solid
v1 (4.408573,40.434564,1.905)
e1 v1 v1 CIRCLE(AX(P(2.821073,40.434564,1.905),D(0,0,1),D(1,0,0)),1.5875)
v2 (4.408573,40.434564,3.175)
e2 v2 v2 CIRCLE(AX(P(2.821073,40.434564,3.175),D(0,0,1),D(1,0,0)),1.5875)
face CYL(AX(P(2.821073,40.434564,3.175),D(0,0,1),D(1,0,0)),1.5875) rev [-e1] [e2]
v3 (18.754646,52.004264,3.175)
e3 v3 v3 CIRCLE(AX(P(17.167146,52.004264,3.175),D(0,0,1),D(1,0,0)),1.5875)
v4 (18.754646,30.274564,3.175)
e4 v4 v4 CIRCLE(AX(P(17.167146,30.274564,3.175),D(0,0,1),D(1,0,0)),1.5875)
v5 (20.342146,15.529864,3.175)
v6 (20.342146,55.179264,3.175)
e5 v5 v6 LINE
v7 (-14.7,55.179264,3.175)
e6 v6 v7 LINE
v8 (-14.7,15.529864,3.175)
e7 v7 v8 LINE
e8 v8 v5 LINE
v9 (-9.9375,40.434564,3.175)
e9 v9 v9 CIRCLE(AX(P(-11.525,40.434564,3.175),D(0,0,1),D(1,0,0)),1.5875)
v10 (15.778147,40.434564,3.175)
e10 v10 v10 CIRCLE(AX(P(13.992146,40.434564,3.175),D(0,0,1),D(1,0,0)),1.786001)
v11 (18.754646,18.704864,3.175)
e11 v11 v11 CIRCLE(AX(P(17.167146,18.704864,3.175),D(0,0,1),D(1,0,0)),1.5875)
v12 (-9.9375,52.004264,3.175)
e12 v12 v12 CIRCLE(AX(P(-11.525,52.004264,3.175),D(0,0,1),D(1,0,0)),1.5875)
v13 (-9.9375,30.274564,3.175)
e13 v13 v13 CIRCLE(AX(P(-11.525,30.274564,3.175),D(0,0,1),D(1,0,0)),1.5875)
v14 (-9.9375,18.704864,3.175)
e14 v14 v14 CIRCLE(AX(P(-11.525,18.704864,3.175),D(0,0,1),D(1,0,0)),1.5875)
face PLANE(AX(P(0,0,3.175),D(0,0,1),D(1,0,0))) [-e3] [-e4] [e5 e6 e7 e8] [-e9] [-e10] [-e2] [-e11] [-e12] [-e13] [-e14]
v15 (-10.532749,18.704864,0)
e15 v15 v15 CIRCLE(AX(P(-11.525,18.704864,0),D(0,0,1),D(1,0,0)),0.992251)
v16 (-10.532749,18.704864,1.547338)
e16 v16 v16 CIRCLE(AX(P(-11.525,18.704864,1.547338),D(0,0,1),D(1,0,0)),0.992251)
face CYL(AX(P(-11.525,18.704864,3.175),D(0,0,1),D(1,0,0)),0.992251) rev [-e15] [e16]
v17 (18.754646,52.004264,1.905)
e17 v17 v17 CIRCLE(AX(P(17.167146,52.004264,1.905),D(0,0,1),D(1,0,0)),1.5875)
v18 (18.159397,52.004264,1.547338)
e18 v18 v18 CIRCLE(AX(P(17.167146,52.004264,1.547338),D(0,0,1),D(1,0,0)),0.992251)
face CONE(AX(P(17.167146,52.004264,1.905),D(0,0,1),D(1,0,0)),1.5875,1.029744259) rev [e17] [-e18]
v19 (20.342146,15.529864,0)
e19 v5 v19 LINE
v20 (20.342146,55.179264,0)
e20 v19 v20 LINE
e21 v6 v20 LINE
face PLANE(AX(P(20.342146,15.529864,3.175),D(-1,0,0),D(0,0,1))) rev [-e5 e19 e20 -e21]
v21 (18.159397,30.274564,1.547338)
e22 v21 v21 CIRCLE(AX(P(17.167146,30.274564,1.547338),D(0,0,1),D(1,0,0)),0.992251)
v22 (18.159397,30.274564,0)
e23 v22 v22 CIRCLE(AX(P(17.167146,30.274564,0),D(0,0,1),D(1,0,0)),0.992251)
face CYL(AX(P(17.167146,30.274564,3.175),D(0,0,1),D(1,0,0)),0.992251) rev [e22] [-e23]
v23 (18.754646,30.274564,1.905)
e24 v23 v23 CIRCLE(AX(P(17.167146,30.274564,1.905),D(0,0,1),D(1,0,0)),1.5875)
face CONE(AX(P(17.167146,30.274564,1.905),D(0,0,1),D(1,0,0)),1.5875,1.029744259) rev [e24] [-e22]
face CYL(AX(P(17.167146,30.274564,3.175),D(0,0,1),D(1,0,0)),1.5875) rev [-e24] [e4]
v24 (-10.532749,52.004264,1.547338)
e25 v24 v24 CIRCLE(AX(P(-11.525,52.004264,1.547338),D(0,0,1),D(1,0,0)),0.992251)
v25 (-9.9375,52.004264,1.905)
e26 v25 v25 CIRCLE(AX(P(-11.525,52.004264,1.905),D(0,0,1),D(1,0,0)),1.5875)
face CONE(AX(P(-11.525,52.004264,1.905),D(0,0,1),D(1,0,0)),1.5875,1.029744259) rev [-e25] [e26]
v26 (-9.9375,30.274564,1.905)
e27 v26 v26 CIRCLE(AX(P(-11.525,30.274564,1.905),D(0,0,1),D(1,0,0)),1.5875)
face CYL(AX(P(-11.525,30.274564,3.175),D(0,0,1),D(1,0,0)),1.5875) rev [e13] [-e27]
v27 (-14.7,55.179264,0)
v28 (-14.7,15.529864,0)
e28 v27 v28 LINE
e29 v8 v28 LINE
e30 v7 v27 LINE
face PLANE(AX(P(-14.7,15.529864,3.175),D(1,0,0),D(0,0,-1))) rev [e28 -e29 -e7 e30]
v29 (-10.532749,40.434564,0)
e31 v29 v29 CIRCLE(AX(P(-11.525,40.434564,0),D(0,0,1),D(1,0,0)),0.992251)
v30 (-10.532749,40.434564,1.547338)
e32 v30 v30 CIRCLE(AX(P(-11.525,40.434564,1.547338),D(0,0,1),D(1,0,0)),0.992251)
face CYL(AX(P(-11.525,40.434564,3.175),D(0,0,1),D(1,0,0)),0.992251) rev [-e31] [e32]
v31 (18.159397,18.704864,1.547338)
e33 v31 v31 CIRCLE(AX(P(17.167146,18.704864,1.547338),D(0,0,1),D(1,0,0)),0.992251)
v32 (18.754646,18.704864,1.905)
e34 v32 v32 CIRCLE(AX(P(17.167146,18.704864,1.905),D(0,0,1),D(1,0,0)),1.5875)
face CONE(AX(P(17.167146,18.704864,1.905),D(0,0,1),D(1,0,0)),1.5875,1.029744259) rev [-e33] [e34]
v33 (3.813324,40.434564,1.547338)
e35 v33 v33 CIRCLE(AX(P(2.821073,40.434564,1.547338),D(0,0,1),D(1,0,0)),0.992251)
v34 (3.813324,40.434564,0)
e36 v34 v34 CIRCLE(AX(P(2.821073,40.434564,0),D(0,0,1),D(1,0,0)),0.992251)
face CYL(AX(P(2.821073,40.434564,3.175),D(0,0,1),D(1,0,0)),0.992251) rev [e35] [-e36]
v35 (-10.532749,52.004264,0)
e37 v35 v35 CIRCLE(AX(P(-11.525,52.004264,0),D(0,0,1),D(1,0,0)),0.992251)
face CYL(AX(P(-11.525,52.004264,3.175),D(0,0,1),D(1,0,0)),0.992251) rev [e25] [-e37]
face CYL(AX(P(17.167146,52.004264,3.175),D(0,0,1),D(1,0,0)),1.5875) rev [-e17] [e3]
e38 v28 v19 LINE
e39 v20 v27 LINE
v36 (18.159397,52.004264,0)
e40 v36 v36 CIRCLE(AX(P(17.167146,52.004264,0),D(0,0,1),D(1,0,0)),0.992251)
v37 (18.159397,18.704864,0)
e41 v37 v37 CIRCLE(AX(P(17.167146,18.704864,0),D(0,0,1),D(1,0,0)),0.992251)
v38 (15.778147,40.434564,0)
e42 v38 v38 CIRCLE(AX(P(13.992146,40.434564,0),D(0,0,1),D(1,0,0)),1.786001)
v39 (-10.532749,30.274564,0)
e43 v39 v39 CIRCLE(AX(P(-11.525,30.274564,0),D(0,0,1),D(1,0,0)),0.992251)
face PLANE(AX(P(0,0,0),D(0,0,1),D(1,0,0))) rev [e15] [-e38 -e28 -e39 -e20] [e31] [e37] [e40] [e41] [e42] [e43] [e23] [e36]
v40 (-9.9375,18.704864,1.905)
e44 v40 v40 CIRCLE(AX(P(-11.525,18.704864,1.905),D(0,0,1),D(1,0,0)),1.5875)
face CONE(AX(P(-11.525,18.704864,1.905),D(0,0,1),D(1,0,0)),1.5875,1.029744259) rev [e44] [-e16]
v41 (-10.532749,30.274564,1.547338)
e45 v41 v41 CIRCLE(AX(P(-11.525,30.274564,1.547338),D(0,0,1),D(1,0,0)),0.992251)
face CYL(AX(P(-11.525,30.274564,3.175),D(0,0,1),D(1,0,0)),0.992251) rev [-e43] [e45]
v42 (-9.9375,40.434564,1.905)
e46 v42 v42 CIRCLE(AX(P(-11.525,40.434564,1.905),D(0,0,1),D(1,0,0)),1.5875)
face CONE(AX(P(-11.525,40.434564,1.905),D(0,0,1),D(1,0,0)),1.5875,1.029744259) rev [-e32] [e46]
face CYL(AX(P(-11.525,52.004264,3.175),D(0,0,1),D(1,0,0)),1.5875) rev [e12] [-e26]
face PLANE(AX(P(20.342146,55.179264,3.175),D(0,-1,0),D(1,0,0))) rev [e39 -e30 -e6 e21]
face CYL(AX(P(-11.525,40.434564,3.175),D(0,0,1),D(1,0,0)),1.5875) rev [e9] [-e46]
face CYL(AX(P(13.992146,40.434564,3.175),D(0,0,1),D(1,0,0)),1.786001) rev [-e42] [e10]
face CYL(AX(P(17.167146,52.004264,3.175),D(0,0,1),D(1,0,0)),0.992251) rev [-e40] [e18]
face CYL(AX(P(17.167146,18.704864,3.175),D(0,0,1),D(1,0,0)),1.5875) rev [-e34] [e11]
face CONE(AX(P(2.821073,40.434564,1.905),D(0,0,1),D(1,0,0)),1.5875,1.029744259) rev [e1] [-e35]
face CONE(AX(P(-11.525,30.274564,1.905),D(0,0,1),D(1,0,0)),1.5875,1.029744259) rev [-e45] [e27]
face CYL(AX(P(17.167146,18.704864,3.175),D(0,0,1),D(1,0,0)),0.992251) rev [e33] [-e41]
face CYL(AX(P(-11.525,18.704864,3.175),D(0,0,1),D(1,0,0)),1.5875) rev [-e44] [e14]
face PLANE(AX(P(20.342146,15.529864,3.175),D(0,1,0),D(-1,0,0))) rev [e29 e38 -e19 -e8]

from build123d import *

# Parameters (mm, degrees)
SKETCH1_W                        = 35.042145822
SKETCH1_H                        = 39.6494
BOSS_EXTRUDE1_DEPTH              = 3.175
F_9_64_0_14063_DIAMETER_HOLE1_D  = 3.572002
F_5_64_0_07813_DIAMETER_HOLE1_D  = 1.984502
F_1_8_0_125_DIAMETER_HOLE1_D     = 3.175
F_1_8_0_125_DIAMETER_HOLE1_DEPTH = 1.27
F_1_8_0_125_DIAMETER_HOLE1_TIP   = 0.953866233


with BuildPart() as part:
    # Sketch1 → Boss-Extrude1 (new body)
    with BuildSketch(Plane.XY):
        with Locations((2.821072911, 35.354563982)):
            Rectangle(SKETCH1_W, SKETCH1_H)
    extrude(amount=BOSS_EXTRUDE1_DEPTH)

    # 9/64 (0.14063) Diameter Hole1 (through all)
    with Locations(Plane.XY.offset(3.175)):
        with Locations((13.992145822, 40.434563982)):
            Hole(F_9_64_0_14063_DIAMETER_HOLE1_D / 2)

    # 5/64 (0.07813) Diameter Hole1 (through all)
    with Locations(Plane.XY.offset(3.175)):
        with Locations((-11.525, 40.434563982), (-11.525, 52.004263982), (17.167145822, 52.004263982), (2.821072911, 40.434563982), (-11.525, 30.274563982), (-11.525, 18.704863982), (17.167145822, 18.704863982), (17.167145822, 30.274563982)):
            Hole(F_5_64_0_07813_DIAMETER_HOLE1_D / 2)

    # 1/8 (0.125) Diameter Hole1
    with Locations(Plane.XY.offset(3.175)):
        with Locations((17.167145822, 18.704863982), (-11.525, 18.704863982), (-11.525, 30.274563982), (17.167145822, 30.274563982), (2.821072911, 40.434563982), (-11.525, 40.434563982), (17.167145822, 52.004263982), (-11.525, 52.004263982)):
            Hole(F_1_8_0_125_DIAMETER_HOLE1_D / 2, depth=F_1_8_0_125_DIAMETER_HOLE1_DEPTH)
            with Locations((0, 0, -(F_1_8_0_125_DIAMETER_HOLE1_DEPTH + F_1_8_0_125_DIAMETER_HOLE1_TIP / 2))):  # 118° drill point
                Cone(0, F_1_8_0_125_DIAMETER_HOLE1_D / 2, F_1_8_0_125_DIAMETER_HOLE1_TIP, mode=Mode.SUBTRACT)


solid = part.part
